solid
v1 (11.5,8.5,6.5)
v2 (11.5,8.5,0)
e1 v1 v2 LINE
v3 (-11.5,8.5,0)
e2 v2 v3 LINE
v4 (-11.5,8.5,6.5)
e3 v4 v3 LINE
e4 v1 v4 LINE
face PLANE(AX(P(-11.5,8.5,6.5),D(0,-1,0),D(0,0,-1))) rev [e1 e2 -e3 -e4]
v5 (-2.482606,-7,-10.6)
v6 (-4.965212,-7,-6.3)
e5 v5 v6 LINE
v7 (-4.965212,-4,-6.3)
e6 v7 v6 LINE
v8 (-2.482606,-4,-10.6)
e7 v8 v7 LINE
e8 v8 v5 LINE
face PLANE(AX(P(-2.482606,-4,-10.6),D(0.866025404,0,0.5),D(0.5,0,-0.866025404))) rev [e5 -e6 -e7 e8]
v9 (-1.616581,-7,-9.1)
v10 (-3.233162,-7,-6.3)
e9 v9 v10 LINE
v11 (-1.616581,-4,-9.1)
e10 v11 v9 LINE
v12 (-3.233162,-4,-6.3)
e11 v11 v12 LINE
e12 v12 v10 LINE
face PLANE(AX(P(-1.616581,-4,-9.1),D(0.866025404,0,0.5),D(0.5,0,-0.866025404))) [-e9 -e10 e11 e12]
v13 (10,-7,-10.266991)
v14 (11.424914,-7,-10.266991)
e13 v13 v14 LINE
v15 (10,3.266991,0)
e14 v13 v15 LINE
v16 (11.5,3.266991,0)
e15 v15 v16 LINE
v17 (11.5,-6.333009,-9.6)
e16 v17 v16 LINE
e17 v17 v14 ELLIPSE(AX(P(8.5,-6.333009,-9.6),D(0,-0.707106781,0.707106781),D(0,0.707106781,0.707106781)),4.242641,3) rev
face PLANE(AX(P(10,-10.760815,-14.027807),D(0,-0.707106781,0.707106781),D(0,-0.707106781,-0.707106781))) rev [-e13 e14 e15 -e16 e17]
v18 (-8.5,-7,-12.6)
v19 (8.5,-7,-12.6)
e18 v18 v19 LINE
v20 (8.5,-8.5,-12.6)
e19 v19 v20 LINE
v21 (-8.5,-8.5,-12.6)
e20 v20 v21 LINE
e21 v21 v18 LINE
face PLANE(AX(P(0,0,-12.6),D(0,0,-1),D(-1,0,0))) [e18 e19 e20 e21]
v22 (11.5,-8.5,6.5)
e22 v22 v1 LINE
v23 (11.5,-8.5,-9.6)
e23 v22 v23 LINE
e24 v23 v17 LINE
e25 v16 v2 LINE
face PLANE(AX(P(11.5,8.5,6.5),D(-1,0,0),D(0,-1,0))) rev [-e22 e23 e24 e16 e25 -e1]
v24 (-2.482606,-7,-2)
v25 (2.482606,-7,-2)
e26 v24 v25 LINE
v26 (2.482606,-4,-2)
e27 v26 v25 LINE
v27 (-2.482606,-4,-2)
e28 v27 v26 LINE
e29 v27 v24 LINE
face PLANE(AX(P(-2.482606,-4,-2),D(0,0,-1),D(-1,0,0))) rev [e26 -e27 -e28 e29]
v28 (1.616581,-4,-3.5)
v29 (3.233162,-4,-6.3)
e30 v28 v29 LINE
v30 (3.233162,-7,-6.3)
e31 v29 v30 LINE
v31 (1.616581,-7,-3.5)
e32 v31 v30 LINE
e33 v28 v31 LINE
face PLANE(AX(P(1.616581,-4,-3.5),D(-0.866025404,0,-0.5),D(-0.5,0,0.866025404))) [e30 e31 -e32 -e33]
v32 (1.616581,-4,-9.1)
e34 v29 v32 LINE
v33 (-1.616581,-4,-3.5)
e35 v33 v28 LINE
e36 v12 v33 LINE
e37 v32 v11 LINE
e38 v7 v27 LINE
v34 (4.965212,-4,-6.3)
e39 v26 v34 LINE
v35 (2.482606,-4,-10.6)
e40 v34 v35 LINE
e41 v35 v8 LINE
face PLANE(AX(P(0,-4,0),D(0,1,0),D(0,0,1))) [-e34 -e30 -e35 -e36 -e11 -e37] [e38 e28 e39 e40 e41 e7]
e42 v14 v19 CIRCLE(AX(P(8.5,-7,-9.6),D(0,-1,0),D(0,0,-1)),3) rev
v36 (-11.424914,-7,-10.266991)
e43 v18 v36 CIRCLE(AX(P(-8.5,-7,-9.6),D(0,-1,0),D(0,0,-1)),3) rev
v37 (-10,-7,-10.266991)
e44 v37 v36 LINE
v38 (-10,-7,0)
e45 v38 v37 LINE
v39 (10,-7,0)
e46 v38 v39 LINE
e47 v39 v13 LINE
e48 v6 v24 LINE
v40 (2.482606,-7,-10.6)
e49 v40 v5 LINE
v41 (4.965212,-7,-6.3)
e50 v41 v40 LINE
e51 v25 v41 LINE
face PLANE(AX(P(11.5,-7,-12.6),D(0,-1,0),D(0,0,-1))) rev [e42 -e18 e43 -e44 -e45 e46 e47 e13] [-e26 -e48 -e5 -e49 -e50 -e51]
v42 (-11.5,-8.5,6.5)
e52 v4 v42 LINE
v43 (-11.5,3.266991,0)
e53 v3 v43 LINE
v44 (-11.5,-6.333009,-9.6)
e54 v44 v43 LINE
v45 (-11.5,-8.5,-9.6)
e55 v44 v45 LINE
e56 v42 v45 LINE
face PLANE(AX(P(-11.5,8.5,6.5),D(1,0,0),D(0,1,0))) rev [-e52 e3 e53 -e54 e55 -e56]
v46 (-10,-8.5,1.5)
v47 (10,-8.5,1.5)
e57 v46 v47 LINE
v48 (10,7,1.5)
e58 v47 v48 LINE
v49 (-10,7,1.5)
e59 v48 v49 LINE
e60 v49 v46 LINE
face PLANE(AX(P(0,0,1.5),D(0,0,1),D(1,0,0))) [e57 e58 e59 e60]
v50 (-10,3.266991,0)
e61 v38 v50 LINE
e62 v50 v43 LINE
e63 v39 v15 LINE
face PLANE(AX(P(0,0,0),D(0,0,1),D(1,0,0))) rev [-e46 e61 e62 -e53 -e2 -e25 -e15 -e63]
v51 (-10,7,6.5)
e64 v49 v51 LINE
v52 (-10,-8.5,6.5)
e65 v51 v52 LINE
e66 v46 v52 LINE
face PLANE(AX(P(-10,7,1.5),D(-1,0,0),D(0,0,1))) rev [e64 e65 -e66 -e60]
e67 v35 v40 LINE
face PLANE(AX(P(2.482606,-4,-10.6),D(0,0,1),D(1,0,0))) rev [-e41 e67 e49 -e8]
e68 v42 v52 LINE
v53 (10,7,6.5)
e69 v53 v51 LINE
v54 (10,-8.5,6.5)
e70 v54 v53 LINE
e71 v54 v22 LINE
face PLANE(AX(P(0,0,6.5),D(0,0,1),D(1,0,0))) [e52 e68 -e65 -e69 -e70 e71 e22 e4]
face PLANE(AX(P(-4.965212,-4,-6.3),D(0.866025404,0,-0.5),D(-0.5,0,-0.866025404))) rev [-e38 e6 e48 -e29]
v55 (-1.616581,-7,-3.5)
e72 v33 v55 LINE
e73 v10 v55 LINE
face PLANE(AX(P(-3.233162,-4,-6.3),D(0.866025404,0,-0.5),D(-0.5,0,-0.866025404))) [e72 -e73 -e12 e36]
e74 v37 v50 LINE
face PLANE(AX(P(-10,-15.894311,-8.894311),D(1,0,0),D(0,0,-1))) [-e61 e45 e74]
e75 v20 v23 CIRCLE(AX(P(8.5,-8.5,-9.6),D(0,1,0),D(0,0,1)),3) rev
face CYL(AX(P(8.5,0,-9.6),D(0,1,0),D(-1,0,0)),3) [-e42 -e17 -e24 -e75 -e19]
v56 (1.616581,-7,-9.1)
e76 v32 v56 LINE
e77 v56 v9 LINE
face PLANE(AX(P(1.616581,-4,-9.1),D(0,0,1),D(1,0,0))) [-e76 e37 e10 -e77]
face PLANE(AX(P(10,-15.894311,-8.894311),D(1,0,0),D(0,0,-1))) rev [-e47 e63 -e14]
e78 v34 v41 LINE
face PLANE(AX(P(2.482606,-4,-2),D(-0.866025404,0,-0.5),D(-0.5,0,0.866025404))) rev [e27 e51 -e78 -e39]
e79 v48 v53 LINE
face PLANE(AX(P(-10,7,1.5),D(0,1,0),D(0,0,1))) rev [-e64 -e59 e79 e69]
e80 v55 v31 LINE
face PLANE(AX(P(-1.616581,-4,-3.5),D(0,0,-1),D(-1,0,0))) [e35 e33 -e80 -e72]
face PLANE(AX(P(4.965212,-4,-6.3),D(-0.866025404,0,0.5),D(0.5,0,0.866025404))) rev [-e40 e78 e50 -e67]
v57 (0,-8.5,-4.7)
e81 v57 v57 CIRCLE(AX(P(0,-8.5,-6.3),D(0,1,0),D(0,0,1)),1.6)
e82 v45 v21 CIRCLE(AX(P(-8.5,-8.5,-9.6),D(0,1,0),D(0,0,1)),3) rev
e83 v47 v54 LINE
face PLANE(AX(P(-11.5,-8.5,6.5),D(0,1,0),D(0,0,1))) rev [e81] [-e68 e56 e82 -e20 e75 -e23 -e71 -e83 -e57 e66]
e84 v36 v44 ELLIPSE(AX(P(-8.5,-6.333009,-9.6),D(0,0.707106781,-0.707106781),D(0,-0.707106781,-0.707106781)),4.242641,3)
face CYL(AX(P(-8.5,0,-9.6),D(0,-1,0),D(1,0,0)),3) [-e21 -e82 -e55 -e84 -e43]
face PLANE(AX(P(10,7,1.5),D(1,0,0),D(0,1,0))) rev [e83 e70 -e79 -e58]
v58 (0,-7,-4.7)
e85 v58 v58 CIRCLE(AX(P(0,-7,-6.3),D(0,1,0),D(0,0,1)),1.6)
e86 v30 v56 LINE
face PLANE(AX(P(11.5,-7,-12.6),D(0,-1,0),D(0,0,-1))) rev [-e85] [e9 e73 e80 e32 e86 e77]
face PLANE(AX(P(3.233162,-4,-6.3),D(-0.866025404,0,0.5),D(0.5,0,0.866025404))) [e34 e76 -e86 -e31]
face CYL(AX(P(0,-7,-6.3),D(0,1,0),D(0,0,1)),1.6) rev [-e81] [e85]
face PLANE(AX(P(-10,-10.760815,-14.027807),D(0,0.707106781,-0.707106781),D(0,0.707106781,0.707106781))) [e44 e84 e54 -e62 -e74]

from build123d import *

# Parameters (mm, degrees)
SKETCH_1_W                  = 23
SKETCH_1_H                  = 17
EXTRUDE_1_DEPTH             = 6.5
SKETCH_2_W                  = 20
SKETCH_2_H                  = 15.5
CUT_EXTRUDE_1_DEPTH         = 5
SKETCH_3_W                  = 23
SKETCH_3_H                  = 1.5
EXTRUDE_2_DEPTH             = 12.6
EXTRUDE_3_DEPTH             = 3
EXTRUDE_6_REACH             = 21.397
SKETCH_7_W                  = 1.5
SKETCH_7_H                  = 7.259859141
EXTRUDE_6_DIRECTION_2_REACH = 21.397
HOLE_WIZARD_M3_1_D          = 3.2
FILLET_1_R                  = 3


with BuildPart() as part:
    # 草图1 → 凸台-拉伸1 (new body)
    with BuildSketch(Plane.XY):
        Rectangle(SKETCH_1_W, SKETCH_1_H)
    extrude(amount=EXTRUDE_1_DEPTH)

    # 草图2 → 切除-拉伸1 (cut)
    with BuildSketch(Plane.XY.offset(6.5)):
        with Locations((0, -0.75)):
            Rectangle(SKETCH_2_W, SKETCH_2_H)
    extrude(amount=-CUT_EXTRUDE_1_DEPTH, mode=Mode.SUBTRACT)

    # 草图3 → 凸台-拉伸2 (add)
    with BuildSketch(Plane(origin=(0, 0, 0), x_dir=(-1, 0, 0), z_dir=(0, 0, -1))):
        with Locations((0, -7.75)):
            Rectangle(SKETCH_3_W, SKETCH_3_H)
    extrude(amount=EXTRUDE_2_DEPTH)

    # 草图4 → 凸台-拉伸3 (add)
    with BuildSketch(Plane(origin=(0, -7, 0), x_dir=(1, 0, 0), z_dir=(0, 1, 0))):
        Polygon((4.965212315, 6.3), (2.482606158, 10.6), (-2.482606158, 10.6), (-4.965212315, 6.3), (-2.482606158, 2), (2.482606158, 2), align=None)
        Polygon((3.233161507, 6.3), (1.616580754, 9.1), (-1.616580754, 9.1), (-3.233161507, 6.3), (-1.616580754, 3.5), (1.616580754, 3.5), align=None, mode=Mode.SUBTRACT)
    extrude(amount=EXTRUDE_3_DEPTH)

    # 凸台-拉伸6: up to this face of the body (flat: up to its plane)
    extrude_6_end = Plane(part.part.faces().sort_by_distance((0, -7, -6.3))[0])
    # 草图7 → 凸台-拉伸6 (add, up to the picked face)
    with BuildSketch(Plane(origin=(0, -3.5, -3.5), x_dir=(-1, 0, 0), z_dir=(0, -0.7071067811865475, -0.7071067811865477)), mode=Mode.PRIVATE) as extrude_6_sk1:
        with Locations((-10.75, -1.319817897)):
            Rectangle(SKETCH_7_W, SKETCH_7_H)
    extrude_6_tool1 = split(extrude(extrude_6_sk1.sketch, amount=EXTRUDE_6_REACH, mode=Mode.PRIVATE), bisect_by=extrude_6_end, keep=Keep.BOTH, mode=Mode.PRIVATE)
    extrude_6 = extrude_6_tool1.solids().sort_by(Axis((10.75, -4.433252, -2.566748), (0, -0.7071067811865475, -0.7071067811865477)))[0]
    add(extrude_6)

    # 凸台-拉伸6 direction 2: up to this face of the body (flat: up to its plane)
    extrude_6_direction_2_end = Plane(part.part.faces().sort_by_distance((0, 0.75, 0))[0])
    # 草图7 → 凸台-拉伸6 direction 2 (add, up to the picked face)
    with BuildSketch(Plane(origin=(0, -3.5, -3.5), x_dir=(-1, 0, 0), z_dir=(0, -0.7071067811865475, -0.7071067811865477)), mode=Mode.PRIVATE) as extrude_6_direction_2_sk1:
        with Locations((-10.75, -1.319817897)):
            Rectangle(SKETCH_7_W, SKETCH_7_H)
    extrude_6_direction_2_tool1 = split(extrude(extrude_6_direction_2_sk1.sketch, amount=-EXTRUDE_6_DIRECTION_2_REACH, mode=Mode.PRIVATE), bisect_by=extrude_6_direction_2_end, keep=Keep.BOTH, mode=Mode.PRIVATE)
    extrude_6_direction_2 = extrude_6_direction_2_tool1.solids().sort_by(Axis((10.75, -4.433252, -2.566748), (0, 0.7071067811865475, 0.7071067811865477)))[0]
    add(extrude_6_direction_2)

    # 镜向1: 凸台-拉伸6, 凸台-拉伸6 direction 2 across plane
    add(extrude_6.mirror(Plane(origin=(0, 0, 0), x_dir=(0, 0, 1), z_dir=(1, 0, 0))))
    add(extrude_6_direction_2.mirror(Plane(origin=(0, 0, 0), x_dir=(0, 0, 1), z_dir=(1, 0, 0))))

    # M3 间隙孔1 (through all)
    with Locations(Plane(origin=(0, -7, 0), x_dir=(1, 0, 0), z_dir=(0, 1, 0))):
        with Locations((0, 6.3)):
            Hole(HOLE_WIZARD_M3_1_D / 2)

    # 圆角1
    fillet_1_edges = [part.edges().sort_by_distance(p)[0] for p in [
        (-11.5, -7.75, -12.6),
        (11.5, -7.75, -12.6),
    ]]
    fillet(fillet_1_edges, radius=FILLET_1_R)


solid = part.part
